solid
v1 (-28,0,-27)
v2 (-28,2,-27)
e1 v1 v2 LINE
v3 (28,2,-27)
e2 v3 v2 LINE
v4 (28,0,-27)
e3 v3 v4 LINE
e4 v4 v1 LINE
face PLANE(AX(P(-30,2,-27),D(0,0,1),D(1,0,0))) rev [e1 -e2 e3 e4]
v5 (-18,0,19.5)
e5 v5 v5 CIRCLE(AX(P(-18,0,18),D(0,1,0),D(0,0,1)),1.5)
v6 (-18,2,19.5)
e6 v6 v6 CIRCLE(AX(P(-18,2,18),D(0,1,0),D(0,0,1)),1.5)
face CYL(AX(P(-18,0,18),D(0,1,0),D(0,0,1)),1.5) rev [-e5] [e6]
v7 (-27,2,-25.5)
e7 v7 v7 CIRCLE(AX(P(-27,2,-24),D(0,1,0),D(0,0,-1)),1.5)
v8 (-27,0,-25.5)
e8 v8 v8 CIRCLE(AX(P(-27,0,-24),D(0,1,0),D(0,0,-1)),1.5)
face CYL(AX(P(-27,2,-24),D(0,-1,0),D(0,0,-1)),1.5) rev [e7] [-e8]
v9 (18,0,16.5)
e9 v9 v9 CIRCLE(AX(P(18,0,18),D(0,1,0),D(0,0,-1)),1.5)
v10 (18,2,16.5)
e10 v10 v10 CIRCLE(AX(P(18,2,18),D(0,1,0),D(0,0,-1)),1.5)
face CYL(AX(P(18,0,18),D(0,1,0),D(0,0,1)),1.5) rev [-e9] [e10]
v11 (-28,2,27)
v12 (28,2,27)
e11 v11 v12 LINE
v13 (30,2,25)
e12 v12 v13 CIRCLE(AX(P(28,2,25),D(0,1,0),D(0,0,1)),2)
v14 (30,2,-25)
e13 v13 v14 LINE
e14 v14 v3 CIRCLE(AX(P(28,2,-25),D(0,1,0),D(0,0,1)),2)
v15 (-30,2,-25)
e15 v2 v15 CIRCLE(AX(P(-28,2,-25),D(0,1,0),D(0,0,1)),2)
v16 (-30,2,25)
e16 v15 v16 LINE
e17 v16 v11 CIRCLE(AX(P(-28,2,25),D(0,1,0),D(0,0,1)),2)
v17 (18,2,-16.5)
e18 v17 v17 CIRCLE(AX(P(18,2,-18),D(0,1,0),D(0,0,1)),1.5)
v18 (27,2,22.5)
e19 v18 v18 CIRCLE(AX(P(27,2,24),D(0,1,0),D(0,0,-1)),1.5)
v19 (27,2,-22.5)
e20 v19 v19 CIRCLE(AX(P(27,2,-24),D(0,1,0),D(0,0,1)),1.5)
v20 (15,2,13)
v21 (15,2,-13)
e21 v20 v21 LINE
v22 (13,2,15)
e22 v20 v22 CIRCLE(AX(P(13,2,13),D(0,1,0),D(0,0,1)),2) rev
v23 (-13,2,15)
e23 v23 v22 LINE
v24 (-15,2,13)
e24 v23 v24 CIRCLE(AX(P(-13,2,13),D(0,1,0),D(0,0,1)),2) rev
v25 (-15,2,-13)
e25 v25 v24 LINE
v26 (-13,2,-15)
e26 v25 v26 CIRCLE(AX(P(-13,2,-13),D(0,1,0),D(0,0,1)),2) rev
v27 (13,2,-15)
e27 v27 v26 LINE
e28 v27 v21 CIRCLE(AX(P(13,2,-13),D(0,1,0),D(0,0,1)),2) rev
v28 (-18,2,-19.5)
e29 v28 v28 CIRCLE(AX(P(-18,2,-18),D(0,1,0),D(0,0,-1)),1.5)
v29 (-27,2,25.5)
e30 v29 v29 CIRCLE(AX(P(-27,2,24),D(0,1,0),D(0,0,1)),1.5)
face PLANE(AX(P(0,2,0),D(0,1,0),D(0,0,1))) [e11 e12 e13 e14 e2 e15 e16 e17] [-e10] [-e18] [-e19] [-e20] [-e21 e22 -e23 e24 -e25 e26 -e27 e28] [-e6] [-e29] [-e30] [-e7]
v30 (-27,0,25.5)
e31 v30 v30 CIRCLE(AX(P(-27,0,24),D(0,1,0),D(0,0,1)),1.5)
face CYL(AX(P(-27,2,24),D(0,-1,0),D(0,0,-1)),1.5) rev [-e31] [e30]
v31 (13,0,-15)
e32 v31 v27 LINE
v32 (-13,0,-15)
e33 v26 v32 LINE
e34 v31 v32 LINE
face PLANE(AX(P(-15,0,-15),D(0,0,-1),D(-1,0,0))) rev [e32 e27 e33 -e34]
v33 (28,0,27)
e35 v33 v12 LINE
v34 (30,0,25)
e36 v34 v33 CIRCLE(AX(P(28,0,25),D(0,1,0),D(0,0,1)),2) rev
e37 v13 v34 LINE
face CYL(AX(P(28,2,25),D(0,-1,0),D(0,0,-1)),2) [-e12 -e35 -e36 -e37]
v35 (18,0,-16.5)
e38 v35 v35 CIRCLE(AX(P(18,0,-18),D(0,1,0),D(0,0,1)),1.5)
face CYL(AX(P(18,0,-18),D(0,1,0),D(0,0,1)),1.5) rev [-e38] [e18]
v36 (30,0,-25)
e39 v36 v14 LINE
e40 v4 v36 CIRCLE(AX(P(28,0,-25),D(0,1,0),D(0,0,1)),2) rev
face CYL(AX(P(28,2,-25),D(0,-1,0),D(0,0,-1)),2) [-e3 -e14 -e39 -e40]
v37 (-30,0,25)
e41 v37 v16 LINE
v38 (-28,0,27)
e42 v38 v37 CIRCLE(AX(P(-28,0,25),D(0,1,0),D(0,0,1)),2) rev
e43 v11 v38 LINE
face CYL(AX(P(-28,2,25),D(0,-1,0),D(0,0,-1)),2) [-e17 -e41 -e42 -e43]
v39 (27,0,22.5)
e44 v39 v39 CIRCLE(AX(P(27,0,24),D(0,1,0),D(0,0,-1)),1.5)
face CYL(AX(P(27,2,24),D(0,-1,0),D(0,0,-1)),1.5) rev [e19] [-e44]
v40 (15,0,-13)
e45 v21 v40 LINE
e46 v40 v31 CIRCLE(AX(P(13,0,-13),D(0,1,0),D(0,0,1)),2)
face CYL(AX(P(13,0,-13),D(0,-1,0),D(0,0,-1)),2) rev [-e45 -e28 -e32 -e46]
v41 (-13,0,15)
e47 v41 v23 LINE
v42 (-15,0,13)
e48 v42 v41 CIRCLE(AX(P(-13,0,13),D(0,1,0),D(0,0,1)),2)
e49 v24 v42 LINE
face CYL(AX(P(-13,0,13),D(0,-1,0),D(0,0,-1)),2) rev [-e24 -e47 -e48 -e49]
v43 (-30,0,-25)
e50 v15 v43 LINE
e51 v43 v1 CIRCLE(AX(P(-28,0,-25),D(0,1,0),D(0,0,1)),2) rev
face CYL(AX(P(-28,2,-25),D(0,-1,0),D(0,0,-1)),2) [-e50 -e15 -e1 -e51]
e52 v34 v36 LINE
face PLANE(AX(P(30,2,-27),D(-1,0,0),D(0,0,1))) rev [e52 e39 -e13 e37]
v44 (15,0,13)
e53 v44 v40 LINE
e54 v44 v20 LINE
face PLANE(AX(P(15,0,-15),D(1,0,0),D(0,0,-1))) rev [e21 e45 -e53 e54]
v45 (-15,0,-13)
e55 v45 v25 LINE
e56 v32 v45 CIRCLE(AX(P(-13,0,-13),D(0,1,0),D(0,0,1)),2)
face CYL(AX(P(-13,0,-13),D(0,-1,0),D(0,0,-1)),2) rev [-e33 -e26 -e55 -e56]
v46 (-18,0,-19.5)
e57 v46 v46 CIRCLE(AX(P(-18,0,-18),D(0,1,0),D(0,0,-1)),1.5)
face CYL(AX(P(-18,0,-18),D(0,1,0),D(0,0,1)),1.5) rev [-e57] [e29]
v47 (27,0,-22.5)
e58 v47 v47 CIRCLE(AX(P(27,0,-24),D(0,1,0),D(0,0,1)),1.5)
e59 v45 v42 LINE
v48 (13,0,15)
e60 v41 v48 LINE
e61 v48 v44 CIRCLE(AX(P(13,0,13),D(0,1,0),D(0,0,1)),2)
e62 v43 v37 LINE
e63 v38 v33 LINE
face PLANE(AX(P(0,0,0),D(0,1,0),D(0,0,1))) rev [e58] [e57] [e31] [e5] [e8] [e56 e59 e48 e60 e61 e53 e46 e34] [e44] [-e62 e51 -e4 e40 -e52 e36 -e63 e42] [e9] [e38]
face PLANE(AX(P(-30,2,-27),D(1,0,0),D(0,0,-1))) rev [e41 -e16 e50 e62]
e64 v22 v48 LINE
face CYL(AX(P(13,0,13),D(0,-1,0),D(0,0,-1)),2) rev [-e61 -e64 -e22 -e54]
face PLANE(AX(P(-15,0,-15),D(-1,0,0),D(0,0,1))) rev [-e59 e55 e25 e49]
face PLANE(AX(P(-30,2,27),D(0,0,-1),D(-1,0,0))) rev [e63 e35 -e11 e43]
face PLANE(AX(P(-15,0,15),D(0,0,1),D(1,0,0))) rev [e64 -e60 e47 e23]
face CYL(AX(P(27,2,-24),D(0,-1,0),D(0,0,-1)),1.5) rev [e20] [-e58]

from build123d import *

# Parameters (mm, degrees)
SKETCH_1_W          = 60
SKETCH_1_H          = 54
SKETCH_1_R          = 1.5
EXTRUDE_1_DEPTH     = 2
SKETCH_2_R          = 1.5
CUT_EXTRUDE_1_DEPTH = 2
FILLET_1_R          = 2
SKETCH_3_W          = 30
SKETCH_3_H          = 30
CUT_EXTRUDE_2_DEPTH = 2
FILLET_2_R          = 2


with BuildPart() as part:
    # 草图1 → 凸台-拉伸1 (new body)
    with BuildSketch(Plane(origin=(0, 0, 0), x_dir=(1, 0, 0), z_dir=(0, 1, 0))):
        Rectangle(SKETCH_1_W, SKETCH_1_H)
        with Locations(Location((27, 24, 0), (0, 0, 270))):
            Circle(SKETCH_1_R, mode=Mode.SUBTRACT)
        with Locations(Location((-27, 24, 0), (0, 0, 90))):
            Circle(SKETCH_1_R, mode=Mode.SUBTRACT)
        with Locations(Location((-27, -24, 0), (0, 0, 270))):
            Circle(SKETCH_1_R, mode=Mode.SUBTRACT)
        with Locations(Location((27, -24, 0), (0, 0, 90))):
            Circle(SKETCH_1_R, mode=Mode.SUBTRACT)
    extrude(amount=EXTRUDE_1_DEPTH)

    # 草图2 → 切除-拉伸1 (cut)
    with BuildSketch(Plane(origin=(0, 2, 0), x_dir=(1, 0, 0), z_dir=(0, 1, 0))):
        with Locations(Location((18, 18, 0), (0, 0, 270))):
            Circle(SKETCH_2_R)
        with Locations(Location((-18, 18, 0), (0, 0, 90))):
            Circle(SKETCH_2_R)
        with Locations(Location((18, -18, 0), (0, 0, 90))):
            Circle(SKETCH_2_R)
        with Locations(Location((-18, -18, 0), (0, 0, 270))):
            Circle(SKETCH_2_R)
    extrude(amount=-CUT_EXTRUDE_1_DEPTH, mode=Mode.SUBTRACT)

    # 圆角1
    fillet_1_edges = [part.edges().sort_by_distance(p)[0] for p in [
        (30, 1, 27),
        (-30, 1, 27),
        (-30, 1, -27),
        (30, 1, -27),
    ]]
    fillet(fillet_1_edges, radius=FILLET_1_R)

    # 草图3 → 切除-拉伸2 (cut)
    with BuildSketch(Plane(origin=(0, 2, 0), x_dir=(1, 0, 0), z_dir=(0, 1, 0))):
        Rectangle(SKETCH_3_W, SKETCH_3_H)
    extrude(amount=-CUT_EXTRUDE_2_DEPTH, mode=Mode.SUBTRACT)

    # 圆角2
    fillet_2_edges = [part.edges().sort_by_distance(p)[0] for p in [
        (15, 1, -15),
        (15, 1, 15),
        (-15, 1, 15),
        (-15, 1, -15),
    ]]
    fillet(fillet_2_edges, radius=FILLET_2_R)


solid = part.part
